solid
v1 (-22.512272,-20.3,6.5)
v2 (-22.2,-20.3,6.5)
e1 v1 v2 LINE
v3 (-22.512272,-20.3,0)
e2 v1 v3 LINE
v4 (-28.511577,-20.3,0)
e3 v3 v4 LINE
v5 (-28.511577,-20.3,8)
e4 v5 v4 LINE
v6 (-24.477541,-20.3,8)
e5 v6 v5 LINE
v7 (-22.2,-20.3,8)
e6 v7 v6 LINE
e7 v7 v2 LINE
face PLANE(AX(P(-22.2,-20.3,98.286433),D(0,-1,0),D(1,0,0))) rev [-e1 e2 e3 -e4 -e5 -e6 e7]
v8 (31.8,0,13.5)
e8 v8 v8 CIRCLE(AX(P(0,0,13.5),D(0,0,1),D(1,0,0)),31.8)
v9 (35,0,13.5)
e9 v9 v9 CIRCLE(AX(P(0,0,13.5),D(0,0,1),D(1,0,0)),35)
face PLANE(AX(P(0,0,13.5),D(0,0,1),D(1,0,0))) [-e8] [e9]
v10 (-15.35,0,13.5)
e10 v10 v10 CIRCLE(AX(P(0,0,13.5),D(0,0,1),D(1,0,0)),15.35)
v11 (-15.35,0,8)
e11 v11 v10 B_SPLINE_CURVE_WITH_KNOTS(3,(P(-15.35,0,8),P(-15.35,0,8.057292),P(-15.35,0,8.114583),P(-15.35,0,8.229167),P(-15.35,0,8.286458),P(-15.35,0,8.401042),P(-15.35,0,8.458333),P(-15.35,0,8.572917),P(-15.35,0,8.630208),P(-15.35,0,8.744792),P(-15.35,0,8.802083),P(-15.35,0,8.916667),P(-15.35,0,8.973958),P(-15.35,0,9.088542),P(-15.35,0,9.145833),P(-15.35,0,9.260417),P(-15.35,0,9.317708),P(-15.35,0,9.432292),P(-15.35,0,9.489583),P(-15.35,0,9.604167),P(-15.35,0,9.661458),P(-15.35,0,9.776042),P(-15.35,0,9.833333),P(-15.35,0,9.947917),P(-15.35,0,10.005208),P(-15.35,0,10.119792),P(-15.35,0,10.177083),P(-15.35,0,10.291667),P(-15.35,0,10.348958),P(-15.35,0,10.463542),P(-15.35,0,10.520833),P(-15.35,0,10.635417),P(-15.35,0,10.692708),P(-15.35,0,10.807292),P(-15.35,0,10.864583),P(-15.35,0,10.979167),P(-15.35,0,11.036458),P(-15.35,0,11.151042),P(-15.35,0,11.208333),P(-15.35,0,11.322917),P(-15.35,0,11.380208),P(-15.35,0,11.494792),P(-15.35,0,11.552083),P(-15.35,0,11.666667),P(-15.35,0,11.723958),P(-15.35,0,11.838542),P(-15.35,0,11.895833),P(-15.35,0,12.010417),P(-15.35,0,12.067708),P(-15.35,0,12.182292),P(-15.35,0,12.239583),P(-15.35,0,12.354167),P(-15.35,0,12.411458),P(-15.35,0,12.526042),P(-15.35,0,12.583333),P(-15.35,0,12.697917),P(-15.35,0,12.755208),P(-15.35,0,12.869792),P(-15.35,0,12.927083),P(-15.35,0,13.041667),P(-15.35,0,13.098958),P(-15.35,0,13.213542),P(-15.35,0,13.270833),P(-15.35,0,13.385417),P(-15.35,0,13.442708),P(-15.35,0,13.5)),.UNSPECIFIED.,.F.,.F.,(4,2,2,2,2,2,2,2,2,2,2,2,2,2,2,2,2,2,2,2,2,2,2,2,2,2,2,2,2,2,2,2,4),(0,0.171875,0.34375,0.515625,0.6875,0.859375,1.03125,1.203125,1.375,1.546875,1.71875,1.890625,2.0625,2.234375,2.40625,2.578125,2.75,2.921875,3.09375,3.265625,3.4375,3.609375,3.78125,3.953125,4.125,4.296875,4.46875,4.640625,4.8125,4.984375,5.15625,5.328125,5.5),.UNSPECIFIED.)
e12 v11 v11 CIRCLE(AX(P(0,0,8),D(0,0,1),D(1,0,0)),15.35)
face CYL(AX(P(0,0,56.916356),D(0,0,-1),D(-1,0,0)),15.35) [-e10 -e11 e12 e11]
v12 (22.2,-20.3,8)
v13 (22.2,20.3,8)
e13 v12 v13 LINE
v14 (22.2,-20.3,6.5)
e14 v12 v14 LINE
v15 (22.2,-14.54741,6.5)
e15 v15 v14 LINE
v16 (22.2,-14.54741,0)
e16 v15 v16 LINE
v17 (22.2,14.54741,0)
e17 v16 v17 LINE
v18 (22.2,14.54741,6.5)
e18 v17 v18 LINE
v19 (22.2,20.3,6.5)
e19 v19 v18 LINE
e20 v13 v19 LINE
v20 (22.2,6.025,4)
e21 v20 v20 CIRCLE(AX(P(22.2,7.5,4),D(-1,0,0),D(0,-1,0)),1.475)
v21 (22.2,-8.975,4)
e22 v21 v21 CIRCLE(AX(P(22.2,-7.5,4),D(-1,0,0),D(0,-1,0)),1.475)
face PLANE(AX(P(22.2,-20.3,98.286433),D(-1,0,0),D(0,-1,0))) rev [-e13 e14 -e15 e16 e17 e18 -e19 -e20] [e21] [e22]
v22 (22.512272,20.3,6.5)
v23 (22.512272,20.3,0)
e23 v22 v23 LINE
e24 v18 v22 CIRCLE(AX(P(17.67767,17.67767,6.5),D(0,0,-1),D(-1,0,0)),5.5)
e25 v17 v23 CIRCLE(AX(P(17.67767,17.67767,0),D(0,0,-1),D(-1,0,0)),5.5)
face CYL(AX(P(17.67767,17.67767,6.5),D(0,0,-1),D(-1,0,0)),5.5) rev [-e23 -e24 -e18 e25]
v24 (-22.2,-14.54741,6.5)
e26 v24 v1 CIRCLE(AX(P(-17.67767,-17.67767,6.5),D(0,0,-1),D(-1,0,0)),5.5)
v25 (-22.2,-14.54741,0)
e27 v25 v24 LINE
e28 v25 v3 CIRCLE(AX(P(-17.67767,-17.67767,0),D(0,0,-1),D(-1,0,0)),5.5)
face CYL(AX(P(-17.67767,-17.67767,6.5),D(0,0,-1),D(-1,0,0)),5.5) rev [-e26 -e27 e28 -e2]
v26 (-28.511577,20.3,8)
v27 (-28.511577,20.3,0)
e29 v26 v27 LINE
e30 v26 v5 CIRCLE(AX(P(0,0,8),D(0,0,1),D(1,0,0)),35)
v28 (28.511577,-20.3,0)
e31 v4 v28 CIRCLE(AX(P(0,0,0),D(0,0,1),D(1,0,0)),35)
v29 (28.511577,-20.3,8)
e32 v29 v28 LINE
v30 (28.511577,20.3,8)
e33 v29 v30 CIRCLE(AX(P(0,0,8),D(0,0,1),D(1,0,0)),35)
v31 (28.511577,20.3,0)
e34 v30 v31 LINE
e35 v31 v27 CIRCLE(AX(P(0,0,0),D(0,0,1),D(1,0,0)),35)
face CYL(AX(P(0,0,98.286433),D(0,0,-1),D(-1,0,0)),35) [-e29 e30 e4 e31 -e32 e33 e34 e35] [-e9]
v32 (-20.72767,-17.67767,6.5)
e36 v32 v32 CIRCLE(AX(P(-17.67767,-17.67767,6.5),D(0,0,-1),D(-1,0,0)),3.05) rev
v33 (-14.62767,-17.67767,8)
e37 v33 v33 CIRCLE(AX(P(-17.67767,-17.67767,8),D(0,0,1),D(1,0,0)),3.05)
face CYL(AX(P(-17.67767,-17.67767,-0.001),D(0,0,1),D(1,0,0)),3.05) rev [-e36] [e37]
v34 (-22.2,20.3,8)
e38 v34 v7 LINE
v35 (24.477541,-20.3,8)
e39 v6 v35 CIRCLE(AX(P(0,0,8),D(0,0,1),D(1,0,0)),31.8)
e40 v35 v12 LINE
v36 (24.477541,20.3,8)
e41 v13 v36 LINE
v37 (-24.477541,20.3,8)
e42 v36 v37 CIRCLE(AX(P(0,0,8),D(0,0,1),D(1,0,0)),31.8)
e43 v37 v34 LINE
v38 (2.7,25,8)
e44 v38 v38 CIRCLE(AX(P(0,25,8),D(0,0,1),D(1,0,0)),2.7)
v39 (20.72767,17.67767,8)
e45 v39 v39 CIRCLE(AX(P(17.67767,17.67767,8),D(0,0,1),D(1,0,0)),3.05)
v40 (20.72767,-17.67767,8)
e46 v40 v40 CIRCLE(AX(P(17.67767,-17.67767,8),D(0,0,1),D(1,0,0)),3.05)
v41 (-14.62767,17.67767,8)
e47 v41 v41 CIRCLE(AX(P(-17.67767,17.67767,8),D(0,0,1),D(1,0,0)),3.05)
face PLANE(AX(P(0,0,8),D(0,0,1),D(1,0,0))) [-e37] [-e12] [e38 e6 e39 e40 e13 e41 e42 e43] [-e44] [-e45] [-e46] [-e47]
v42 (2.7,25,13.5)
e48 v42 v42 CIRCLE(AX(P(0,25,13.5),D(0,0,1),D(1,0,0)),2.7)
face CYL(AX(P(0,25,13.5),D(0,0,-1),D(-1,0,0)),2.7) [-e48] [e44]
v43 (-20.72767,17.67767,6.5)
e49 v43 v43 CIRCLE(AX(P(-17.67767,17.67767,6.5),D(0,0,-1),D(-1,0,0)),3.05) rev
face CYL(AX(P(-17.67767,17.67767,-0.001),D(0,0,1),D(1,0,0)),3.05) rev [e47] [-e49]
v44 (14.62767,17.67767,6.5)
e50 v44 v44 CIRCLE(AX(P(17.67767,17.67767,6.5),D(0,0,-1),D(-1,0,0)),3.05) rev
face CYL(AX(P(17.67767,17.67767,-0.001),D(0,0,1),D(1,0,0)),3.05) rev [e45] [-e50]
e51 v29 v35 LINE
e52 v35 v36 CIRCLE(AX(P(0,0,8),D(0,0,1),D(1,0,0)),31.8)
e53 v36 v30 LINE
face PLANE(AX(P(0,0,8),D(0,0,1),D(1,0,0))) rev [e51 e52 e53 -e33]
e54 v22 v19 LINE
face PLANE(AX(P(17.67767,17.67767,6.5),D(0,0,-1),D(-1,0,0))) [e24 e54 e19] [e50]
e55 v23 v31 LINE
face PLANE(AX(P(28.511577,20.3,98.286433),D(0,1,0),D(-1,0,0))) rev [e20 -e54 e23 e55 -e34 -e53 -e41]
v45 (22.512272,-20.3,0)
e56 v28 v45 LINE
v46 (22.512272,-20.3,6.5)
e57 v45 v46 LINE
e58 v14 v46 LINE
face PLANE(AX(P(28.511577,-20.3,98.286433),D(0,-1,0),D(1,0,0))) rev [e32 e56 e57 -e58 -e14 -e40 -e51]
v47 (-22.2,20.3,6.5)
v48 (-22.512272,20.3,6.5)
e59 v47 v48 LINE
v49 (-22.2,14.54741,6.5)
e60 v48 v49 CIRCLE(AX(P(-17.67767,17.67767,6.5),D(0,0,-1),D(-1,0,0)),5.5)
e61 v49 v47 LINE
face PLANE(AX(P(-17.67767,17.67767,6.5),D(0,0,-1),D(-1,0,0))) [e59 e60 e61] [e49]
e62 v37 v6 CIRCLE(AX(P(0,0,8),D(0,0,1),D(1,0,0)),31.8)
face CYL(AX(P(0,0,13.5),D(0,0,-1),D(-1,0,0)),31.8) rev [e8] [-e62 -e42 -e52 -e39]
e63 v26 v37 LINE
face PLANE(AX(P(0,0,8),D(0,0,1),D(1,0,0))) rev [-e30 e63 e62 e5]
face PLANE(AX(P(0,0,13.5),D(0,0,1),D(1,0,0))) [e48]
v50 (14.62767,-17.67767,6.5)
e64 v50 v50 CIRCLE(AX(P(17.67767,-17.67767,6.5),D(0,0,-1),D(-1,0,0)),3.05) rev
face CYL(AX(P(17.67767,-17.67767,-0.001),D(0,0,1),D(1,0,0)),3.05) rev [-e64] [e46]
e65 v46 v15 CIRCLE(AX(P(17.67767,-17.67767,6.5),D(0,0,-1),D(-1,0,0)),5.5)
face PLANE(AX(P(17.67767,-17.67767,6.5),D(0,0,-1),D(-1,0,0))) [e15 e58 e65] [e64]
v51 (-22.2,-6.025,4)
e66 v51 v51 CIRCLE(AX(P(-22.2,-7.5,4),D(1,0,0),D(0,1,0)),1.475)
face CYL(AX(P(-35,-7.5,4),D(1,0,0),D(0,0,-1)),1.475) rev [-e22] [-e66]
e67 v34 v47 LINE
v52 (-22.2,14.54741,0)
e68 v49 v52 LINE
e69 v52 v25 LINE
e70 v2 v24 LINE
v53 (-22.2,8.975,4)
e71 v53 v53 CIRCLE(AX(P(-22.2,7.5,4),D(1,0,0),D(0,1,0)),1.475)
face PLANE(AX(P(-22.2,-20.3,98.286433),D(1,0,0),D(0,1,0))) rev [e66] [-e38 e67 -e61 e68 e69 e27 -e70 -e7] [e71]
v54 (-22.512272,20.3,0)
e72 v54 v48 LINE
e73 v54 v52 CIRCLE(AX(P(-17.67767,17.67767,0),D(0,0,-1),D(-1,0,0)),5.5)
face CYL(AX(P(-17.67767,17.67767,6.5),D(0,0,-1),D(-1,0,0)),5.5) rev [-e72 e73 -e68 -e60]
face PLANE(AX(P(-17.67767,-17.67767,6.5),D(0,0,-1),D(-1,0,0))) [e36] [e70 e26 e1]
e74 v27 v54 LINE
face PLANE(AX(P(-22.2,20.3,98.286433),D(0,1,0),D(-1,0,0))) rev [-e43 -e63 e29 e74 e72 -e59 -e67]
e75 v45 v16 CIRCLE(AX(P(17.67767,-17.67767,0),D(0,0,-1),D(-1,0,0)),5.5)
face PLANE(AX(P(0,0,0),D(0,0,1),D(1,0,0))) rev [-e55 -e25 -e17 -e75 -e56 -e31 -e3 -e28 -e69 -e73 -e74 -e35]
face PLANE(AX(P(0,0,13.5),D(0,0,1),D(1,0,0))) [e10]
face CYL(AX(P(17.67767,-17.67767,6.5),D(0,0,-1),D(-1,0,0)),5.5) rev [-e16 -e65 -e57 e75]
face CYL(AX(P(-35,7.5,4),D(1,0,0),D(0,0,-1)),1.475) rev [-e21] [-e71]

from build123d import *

# Parameters (mm, degrees)
BOSS_EXTRUDE1_DEPTH     = 8
CUT_EXTRUDE1_REACH      = 47.847
SKETCH2_R               = 3.05
SKETCH5_R               = 2.7
BOSS_EXTRUDE2_DEPTH     = 5.5
SKETCH6_R               = 15.35
BOSS_EXTRUDE3_DEPTH     = 5.5
SKETCH7_R               = 5.5
CUT_EXTRUDE2_DEPTH      = 6.5
CUT_EXTRUDE3_DEPTH      = 52.305457799
CUT_EXTRUDE3_DEPTH_BACK = 52.305457799
SKETCH8_R               = 1.475


with BuildPart() as part:
    # Sketch1 → Boss-Extrude1 (new body)
    with BuildSketch(Plane.XY):
        with BuildLine():
            Line((28.511576596, -20.3), (22.2, -20.3))
            Line((22.2, -20.3), (22.2, 20.3))
            Line((22.2, 20.3), (28.511576596, 20.3))
            ThreePointArc((28.511576596, 20.3), (0, 35), (-28.511576596, 20.3))
            Line((-28.511576596, 20.3), (-22.2, 20.3))
            Line((-22.2, 20.3), (-22.2, -20.3))
            Line((-22.2, -20.3), (-28.511576596, -20.3))
            ThreePointArc((-28.511576596, -20.3), (0, -35), (28.511576596, -20.3))
        make_face()
    extrude(amount=BOSS_EXTRUDE1_DEPTH)

    # Sketch2 → Cut-Extrude1 (cut, up to next)
    with BuildSketch(Plane.XY.offset(8), mode=Mode.PRIVATE) as cut_extrude1_sk1:
        with Locations((17.67766953, -17.67766953)):
            Circle(SKETCH2_R)
    cut_extrude1_tool1 = extrude(cut_extrude1_sk1.sketch, amount=-CUT_EXTRUDE1_REACH, mode=Mode.PRIVATE) & part.part
    # Sketch2 → Cut-Extrude1 (cut, up to next)
    with BuildSketch(Plane.XY.offset(8), mode=Mode.PRIVATE) as cut_extrude1_sk2:
        with Locations((17.67766953, 17.67766953)):
            Circle(SKETCH2_R)
    cut_extrude1_tool2 = extrude(cut_extrude1_sk2.sketch, amount=-CUT_EXTRUDE1_REACH, mode=Mode.PRIVATE) & part.part
    # Sketch2 → Cut-Extrude1 (cut, up to next)
    with BuildSketch(Plane.XY.offset(8), mode=Mode.PRIVATE) as cut_extrude1_sk3:
        with Locations((-17.67766953, 17.67766953)):
            Circle(SKETCH2_R)
    cut_extrude1_tool3 = extrude(cut_extrude1_sk3.sketch, amount=-CUT_EXTRUDE1_REACH, mode=Mode.PRIVATE) & part.part
    # Sketch2 → Cut-Extrude1 (cut, up to next)
    with BuildSketch(Plane.XY.offset(8), mode=Mode.PRIVATE) as cut_extrude1_sk4:
        with Locations((-17.67766953, -17.67766953)):
            Circle(SKETCH2_R)
    cut_extrude1_tool4 = extrude(cut_extrude1_sk4.sketch, amount=-CUT_EXTRUDE1_REACH, mode=Mode.PRIVATE) & part.part
    add(cut_extrude1_tool1.solids().sort_by_distance((17.67767, -17.67767, 8))[0], mode=Mode.SUBTRACT)
    add(cut_extrude1_tool2.solids().sort_by_distance((17.67767, 17.67767, 8))[0], mode=Mode.SUBTRACT)
    add(cut_extrude1_tool3.solids().sort_by_distance((-17.67767, 17.67767, 8))[0], mode=Mode.SUBTRACT)
    add(cut_extrude1_tool4.solids().sort_by_distance((-17.67767, -17.67767, 8))[0], mode=Mode.SUBTRACT)

    # Sketch5 → Boss-Extrude2 (add)
    with BuildSketch(Plane.XY.offset(8)):
        with BuildLine():
            ThreePointArc((-24.477540726, -20.3), (-31.8, 0), (-24.477540726, 20.3))
            Line((-24.477540726, 20.3), (-28.511576596, 20.3))
            ThreePointArc((-28.511576596, 20.3), (-35, 0), (-28.511576596, -20.3))
            Line((-28.511576596, -20.3), (-24.477540726, -20.3))
        make_face()
        with BuildLine():
            ThreePointArc((-24.477540726, 20.3), (0, 31.8), (24.477540726, 20.3))
            Line((24.477540726, 20.3), (28.511576596, 20.3))
            ThreePointArc((28.511576596, 20.3), (0, 35), (-28.511576596, 20.3))
            Line((-28.511576596, 20.3), (-24.477540726, 20.3))
        make_face()
        with BuildLine():
            ThreePointArc((24.477540726, 20.3), (29.913423367, 10.79013913), (31.8, 0))
            ThreePointArc((31.8, 0), (29.913423367, -10.79013913), (24.477540726, -20.3))
            Line((24.477540726, -20.3), (28.511576596, -20.3))
            ThreePointArc((28.511576596, -20.3), (33.33845513, -10.655862685), (35, 0))
            ThreePointArc((35, 0), (33.33845513, 10.655862685), (28.511576596, 20.3))
            Line((28.511576596, 20.3), (24.477540726, 20.3))
        make_face()
        with BuildLine():
            Line((28.511576596, -20.3), (24.477540726, -20.3))
            ThreePointArc((24.477540726, -20.3), (0, -31.8), (-24.477540726, -20.3))
            Line((-24.477540726, -20.3), (-28.511576596, -20.3))
            ThreePointArc((-28.511576596, -20.3), (0, -35), (28.511576596, -20.3))
        make_face()
        with Locations((0, 25)):
            Circle(SKETCH5_R)
    extrude(amount=BOSS_EXTRUDE2_DEPTH)

    # Sketch6 → Boss-Extrude3 (add)
    with BuildSketch(Plane.XY.offset(8)):
        with Locations(Location((0, 0, 0), (0, 0, 180))):
            Circle(SKETCH6_R)
    extrude(amount=BOSS_EXTRUDE3_DEPTH)

    # Sketch7 → Cut-Extrude2 (cut)
    with BuildSketch(Plane(origin=(0, 0, 0), x_dir=(-1, 0, 0), z_dir=(0, 0, -1))):
        with Locations((-17.67766953, 17.67766953)):
            Circle(SKETCH7_R)
        with Locations((17.67766953, 17.67766953)):
            Circle(SKETCH7_R)
        with Locations((17.67766953, -17.67766953)):
            Circle(SKETCH7_R)
        with Locations((-17.67766953, -17.67766953)):
            Circle(SKETCH7_R)
    extrude(amount=-CUT_EXTRUDE2_DEPTH, mode=Mode.SUBTRACT)

    # Sketch8 → Cut-Extrude3 (cut, two sides: drawn at the far end of the back side and taken through both)
    with BuildSketch(Plane(origin=(0, 0, 0), x_dir=(0, 0, -1), z_dir=(1, 0, 0)).offset(-CUT_EXTRUDE3_DEPTH_BACK)):
        with Locations(Location((-4, 7.5, 0), (0, 0, 90))):
            Circle(SKETCH8_R)
        with Locations(Location((-4, -7.5, 0), (0, 0, 90))):
            Circle(SKETCH8_R)
    extrude(amount=CUT_EXTRUDE3_DEPTH + CUT_EXTRUDE3_DEPTH_BACK, mode=Mode.SUBTRACT)


solid = part.part
